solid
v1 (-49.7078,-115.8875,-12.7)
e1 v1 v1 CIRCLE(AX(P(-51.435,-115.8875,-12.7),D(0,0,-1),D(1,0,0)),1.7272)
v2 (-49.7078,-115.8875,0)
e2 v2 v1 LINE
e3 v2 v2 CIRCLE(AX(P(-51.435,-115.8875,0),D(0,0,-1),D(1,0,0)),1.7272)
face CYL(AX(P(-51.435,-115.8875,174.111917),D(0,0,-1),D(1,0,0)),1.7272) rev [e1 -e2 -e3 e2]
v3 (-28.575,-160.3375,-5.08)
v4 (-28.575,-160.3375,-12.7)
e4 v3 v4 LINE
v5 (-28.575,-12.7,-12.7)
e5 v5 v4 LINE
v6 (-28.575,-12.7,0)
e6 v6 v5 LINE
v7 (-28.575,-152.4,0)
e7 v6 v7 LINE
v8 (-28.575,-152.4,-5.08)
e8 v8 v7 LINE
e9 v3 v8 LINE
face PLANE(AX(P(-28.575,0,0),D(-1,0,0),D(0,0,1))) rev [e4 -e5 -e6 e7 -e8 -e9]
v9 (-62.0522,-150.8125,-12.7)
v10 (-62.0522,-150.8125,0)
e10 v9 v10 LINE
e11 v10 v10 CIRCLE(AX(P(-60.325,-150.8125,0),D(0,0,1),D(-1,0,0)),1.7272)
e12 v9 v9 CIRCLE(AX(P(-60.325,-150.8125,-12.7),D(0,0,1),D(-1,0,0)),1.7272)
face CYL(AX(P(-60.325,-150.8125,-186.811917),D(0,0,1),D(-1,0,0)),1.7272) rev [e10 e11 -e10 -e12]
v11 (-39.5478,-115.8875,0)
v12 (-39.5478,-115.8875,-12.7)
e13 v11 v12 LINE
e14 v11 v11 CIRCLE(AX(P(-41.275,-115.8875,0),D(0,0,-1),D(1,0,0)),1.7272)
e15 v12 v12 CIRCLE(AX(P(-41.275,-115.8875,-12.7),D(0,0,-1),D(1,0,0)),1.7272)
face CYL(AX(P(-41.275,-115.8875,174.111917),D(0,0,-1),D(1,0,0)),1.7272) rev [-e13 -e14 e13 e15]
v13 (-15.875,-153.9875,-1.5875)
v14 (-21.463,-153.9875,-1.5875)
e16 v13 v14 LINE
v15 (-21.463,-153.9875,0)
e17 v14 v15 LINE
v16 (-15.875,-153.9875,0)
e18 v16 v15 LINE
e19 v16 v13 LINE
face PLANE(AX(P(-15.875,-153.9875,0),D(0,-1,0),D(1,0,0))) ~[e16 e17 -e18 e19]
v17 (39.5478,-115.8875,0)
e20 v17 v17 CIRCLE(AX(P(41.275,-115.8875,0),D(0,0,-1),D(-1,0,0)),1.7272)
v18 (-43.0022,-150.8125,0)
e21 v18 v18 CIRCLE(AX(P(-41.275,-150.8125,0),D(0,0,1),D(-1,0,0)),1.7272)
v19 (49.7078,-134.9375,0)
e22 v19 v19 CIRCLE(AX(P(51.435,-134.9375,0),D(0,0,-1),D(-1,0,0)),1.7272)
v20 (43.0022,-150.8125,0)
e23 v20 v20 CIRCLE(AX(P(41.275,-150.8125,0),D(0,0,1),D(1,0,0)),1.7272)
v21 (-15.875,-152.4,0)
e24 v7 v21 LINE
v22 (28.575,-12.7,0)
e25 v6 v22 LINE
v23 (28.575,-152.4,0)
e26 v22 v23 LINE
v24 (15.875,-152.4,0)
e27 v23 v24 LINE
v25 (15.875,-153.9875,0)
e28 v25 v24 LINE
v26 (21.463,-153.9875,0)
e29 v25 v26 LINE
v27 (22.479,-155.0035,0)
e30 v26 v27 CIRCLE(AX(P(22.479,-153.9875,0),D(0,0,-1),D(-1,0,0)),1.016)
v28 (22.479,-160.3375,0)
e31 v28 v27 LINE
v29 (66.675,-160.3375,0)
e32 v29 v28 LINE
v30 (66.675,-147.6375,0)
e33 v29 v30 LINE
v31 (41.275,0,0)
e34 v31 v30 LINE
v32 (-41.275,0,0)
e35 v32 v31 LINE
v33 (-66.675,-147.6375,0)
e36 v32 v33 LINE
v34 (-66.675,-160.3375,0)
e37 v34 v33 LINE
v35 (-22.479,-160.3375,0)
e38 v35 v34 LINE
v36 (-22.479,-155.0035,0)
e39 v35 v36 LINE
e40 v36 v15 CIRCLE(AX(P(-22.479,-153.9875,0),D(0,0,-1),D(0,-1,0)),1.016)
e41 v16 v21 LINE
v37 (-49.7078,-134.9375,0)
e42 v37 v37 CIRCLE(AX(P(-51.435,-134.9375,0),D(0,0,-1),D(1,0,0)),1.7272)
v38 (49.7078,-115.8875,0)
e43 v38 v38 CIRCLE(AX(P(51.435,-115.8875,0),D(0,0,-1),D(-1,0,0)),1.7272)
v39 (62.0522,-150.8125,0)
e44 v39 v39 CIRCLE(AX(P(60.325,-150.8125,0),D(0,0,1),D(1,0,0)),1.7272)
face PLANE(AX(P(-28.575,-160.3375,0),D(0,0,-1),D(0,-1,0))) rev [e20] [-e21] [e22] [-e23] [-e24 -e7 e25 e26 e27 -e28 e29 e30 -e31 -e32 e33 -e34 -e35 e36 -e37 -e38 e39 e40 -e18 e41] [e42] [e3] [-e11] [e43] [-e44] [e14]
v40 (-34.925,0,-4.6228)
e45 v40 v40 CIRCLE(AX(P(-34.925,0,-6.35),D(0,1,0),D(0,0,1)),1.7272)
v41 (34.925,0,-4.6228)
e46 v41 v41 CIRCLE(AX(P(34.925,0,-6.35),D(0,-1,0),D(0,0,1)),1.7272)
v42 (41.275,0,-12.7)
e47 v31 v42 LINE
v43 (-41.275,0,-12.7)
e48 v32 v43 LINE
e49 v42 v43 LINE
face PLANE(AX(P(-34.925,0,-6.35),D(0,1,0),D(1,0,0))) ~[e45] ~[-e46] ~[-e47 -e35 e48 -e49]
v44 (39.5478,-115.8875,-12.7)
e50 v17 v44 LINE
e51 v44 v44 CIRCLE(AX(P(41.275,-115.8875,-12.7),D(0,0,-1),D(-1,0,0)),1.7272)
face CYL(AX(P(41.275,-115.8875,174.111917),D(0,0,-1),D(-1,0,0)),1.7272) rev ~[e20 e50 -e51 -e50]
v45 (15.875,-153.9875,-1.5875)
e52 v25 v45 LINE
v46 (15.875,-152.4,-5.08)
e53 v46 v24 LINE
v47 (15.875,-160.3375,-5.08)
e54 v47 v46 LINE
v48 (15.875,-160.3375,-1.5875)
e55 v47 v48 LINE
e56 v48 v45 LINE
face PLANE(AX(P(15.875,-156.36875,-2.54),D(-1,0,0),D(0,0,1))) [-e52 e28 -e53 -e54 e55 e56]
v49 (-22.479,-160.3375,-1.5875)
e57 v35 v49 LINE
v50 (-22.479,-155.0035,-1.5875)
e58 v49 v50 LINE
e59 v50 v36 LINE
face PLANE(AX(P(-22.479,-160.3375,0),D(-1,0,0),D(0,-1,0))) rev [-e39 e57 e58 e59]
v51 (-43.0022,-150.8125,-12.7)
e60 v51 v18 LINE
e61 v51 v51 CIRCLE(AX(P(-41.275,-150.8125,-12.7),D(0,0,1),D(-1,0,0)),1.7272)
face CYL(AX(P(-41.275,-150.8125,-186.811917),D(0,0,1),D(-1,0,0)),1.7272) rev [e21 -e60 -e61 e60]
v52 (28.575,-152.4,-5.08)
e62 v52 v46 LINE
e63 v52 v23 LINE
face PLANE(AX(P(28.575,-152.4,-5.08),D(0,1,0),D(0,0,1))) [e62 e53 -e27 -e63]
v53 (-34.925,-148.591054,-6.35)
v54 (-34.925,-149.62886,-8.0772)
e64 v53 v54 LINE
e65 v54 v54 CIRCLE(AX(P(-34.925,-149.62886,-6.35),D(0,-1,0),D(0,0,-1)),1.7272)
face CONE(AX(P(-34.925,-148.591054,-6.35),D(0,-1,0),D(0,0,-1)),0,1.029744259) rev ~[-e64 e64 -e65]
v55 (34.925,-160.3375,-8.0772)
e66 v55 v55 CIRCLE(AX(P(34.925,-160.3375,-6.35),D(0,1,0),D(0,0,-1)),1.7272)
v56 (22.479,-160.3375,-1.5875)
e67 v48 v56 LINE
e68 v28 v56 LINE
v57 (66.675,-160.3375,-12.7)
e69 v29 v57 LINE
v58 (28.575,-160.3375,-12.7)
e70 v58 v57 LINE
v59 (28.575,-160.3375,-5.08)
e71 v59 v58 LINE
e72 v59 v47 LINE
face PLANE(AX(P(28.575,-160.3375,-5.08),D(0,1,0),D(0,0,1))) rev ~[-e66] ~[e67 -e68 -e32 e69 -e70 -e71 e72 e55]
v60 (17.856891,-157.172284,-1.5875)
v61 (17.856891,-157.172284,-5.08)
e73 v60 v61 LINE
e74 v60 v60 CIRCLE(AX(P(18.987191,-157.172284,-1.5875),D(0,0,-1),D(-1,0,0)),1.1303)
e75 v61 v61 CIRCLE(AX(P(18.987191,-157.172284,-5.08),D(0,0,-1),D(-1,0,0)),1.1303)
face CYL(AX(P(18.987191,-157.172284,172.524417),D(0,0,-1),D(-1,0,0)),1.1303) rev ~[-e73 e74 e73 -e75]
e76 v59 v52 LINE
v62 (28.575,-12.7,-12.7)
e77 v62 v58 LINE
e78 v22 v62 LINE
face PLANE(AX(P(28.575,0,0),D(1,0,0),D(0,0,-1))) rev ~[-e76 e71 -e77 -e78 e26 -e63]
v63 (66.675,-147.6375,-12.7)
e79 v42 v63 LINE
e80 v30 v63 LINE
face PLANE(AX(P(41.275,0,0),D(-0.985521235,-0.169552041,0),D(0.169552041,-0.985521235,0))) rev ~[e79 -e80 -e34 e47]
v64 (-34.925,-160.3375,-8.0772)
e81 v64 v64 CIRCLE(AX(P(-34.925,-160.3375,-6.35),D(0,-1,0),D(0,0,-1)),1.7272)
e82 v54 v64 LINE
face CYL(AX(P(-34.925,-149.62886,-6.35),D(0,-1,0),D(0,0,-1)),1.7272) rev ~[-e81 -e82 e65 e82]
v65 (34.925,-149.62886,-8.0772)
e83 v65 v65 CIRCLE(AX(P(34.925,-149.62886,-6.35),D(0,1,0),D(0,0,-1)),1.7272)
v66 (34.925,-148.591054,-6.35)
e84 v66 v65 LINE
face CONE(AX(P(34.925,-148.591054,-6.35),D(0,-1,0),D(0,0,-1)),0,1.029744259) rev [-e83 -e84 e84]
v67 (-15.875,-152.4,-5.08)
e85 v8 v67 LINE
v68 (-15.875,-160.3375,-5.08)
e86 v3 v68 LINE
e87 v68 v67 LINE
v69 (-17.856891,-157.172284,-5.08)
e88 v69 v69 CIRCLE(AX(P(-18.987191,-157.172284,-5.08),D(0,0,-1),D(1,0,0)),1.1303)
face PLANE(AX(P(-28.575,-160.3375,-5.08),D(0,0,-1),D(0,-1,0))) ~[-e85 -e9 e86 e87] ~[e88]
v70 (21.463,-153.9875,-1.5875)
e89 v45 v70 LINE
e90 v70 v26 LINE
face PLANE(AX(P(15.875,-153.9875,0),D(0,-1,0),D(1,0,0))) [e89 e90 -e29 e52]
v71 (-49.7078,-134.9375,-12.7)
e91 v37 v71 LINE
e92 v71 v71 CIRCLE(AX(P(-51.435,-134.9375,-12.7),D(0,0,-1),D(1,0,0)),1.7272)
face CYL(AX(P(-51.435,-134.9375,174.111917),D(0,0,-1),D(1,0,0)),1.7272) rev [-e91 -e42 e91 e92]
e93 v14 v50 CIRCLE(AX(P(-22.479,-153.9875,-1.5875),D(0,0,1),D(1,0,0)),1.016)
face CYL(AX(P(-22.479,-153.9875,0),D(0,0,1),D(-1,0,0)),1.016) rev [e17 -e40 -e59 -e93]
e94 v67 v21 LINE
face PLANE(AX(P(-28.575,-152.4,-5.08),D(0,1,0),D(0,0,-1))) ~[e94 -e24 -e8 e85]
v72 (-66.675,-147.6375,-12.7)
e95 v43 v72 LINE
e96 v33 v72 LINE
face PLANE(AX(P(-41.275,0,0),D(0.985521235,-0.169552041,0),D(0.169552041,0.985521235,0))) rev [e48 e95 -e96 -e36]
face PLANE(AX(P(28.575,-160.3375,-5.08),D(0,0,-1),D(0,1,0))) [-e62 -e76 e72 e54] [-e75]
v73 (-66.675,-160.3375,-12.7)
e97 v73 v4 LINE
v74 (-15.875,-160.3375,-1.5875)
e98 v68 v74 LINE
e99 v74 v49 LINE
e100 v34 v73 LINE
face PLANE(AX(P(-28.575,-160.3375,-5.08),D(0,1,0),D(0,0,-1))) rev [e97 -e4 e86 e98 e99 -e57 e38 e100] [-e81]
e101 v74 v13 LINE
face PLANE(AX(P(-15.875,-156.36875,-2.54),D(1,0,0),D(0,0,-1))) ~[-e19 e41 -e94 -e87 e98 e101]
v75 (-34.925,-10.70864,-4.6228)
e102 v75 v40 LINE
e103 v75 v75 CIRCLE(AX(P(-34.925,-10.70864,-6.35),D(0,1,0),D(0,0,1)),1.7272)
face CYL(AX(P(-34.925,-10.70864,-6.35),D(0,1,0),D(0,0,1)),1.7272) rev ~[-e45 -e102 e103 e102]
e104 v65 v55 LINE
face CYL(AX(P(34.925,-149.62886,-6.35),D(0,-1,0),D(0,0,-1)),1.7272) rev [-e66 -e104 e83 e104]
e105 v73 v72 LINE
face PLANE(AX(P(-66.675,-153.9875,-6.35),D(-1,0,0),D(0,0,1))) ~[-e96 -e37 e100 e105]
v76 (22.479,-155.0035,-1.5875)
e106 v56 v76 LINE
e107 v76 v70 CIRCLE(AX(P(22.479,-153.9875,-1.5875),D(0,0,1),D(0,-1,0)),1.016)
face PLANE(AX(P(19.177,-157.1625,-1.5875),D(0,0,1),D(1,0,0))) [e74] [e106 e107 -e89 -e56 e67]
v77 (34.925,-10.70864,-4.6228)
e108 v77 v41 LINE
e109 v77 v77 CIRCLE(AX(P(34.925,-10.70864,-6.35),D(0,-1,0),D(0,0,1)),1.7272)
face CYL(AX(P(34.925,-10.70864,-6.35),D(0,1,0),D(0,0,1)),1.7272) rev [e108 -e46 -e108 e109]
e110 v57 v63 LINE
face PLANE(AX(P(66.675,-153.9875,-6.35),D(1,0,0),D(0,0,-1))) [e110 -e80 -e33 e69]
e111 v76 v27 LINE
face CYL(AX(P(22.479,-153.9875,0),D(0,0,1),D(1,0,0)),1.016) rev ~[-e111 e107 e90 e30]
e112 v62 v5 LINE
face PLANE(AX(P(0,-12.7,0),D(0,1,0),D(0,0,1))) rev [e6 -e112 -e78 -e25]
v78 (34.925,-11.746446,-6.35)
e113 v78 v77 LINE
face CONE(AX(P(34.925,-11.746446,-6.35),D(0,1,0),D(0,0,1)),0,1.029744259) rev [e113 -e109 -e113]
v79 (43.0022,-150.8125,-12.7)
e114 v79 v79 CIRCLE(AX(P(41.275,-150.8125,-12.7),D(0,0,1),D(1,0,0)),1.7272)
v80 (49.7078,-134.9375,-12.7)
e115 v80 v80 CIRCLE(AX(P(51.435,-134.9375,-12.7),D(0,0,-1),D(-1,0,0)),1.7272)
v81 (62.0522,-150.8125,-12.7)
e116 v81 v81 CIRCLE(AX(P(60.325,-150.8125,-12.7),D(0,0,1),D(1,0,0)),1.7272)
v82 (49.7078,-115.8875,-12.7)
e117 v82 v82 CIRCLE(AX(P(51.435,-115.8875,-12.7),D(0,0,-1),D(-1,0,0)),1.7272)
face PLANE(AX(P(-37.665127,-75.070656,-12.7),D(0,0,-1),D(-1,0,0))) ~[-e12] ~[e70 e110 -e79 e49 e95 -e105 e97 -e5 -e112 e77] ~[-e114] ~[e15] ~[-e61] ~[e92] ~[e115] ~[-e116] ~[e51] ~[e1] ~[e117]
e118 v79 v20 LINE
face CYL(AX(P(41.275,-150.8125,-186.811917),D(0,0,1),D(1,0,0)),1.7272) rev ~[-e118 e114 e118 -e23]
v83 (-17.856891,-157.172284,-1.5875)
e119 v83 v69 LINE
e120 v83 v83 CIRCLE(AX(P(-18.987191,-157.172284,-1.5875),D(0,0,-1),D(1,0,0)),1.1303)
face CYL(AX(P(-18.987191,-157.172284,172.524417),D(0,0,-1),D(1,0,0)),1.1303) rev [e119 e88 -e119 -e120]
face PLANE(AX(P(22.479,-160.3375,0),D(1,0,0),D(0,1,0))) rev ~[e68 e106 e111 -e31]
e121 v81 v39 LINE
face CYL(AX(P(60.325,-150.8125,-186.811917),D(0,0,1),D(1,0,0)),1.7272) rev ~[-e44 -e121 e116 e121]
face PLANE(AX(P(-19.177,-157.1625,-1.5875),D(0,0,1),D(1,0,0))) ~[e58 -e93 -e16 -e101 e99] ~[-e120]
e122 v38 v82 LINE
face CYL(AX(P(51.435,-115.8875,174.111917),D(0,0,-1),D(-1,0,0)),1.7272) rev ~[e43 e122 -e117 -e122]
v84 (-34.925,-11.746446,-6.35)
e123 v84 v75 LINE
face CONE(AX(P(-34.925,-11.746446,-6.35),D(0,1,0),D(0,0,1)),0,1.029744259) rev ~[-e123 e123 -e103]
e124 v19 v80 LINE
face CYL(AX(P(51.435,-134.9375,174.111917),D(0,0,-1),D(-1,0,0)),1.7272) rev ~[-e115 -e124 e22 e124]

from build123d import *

# Parameters (mm, degrees)
SKETCH1_W              = 12.7
SKETCH1_H              = 12.7
BOSS_EXTRUDE1_DEPTH    = 28.575
SKETCH10_W             = 12.7
SKETCH10_H             = 12.7
BOSS_EXTRUDE6_DEPTH    = 160.3375
SKETCH54_W             = 12.7
SKETCH54_H             = 12.7
BOSS_EXTRUDE10_DEPTH   = 25.4
BOSS_EXTRUDE11_DEPTH   = 12.7
F_8_32_TAPPED_HOLE11_D = 3.4544
F_8_32_TAPPED_HOLE12_D = 3.4544
SKETCH11_W             = 5.08
SKETCH11_H             = 7.9375
BOSS_EXTRUDE12_DEPTH   = 12.7
SKETCH68_W             = 6.604
SKETCH68_H             = 6.35
CUT_EXTRUDE4_DEPTH     = 1.5875
F_4_40_TAPPED_HOLE3_D  = 2.2606
SKETCH71_R             = 1.016
CUT_EXTRUDE5_DEPTH     = 1.5875
F_8_32_TAPPED_HOLE13_D = 3.4544


with BuildPart() as part:
    # Sketch1 → Boss-Extrude1 (new body)
    with BuildSketch(Plane(origin=(0, 0, 0), x_dir=(0, 0, -1), z_dir=(1, 0, 0))):
        with Locations((6.35, -6.35)):
            Rectangle(SKETCH1_W, SKETCH1_H)
    boss_extrude1 = extrude(amount=BOSS_EXTRUDE1_DEPTH)

    # Sketch10 → Boss-Extrude6 (add)
    with BuildSketch(Plane(origin=(0, 0, 0), x_dir=(1, 0, 0), z_dir=(0, 1, 0))):
        with Locations((34.925, 6.35)):
            Rectangle(SKETCH10_W, SKETCH10_H)
    boss_extrude6 = extrude(amount=-BOSS_EXTRUDE6_DEPTH)

    # Sketch54 → Boss-Extrude10 (add)
    with BuildSketch(Plane(origin=(41.275, 0, 0), x_dir=(0, 0, -1), z_dir=(1, 0, 0))):
        with Locations((6.35, -153.9875)):
            Rectangle(SKETCH54_W, SKETCH54_H)
    boss_extrude10 = extrude(amount=BOSS_EXTRUDE10_DEPTH)

    # Sketch55 → Boss-Extrude11 (add)
    with BuildSketch(Plane.XY):
        Polygon((41.275, 0), (66.675, -147.6375), (66.675, -160.3375), (28.575, -160.3375), (28.575, -12.7), (0, -12.7), (0, 0), align=None)
    boss_extrude11 = extrude(amount=-BOSS_EXTRUDE11_DEPTH)

    # Sketch56 → #8-32 Tapped Hole8 (revolve, cut)
    with BuildSketch(Plane(origin=(34.925, 0, -6.35), x_dir=(0, 0, 1), z_dir=(1, 0, 0))):
        Polygon((0, 0), (0, 11.746446461), (1.7272, 10.70864), (1.7272, 0), align=None)
    f_8_32_tapped_hole8 = revolve(axis=Axis((34.925, 6.35, -6.35), (0, -1, 0)), mode=Mode.SUBTRACT)

    # #8-32 Tapped Hole11 (through all)
    with Locations(Plane.XY):
        with Locations((41.275, -115.8875), (51.435, -134.9375)):
            f_8_32_tapped_hole11 = Hole(F_8_32_TAPPED_HOLE11_D / 2)

    # #8-32 Tapped Hole12 (through all)
    with Locations(Plane(origin=(0, 0, -12.7), x_dir=(-1, 0, 0), z_dir=(0, 0, -1))):
        with Locations((-41.275, -150.8125), (-60.325, -150.8125)):
            f_8_32_tapped_hole12 = Hole(F_8_32_TAPPED_HOLE12_D / 2)

    # Sketch11 → Boss-Extrude12 (add)
    with BuildSketch(Plane.ZY.offset(-28.575)):
        with Locations((-2.54, -156.36875)):
            Rectangle(SKETCH11_W, SKETCH11_H)
    boss_extrude12 = extrude(amount=BOSS_EXTRUDE12_DEPTH)

    # Sketch68 → Cut-Extrude4 (cut)
    with BuildSketch(Plane.XY):
        with Locations((19.177, -157.1625)):
            Rectangle(SKETCH68_W, SKETCH68_H)
    cut_extrude4 = extrude(amount=-CUT_EXTRUDE4_DEPTH, mode=Mode.SUBTRACT)

    # #4-40 Tapped Hole3 (through all)
    with Locations(Plane.XY.offset(-1.5875)):
        with Locations((18.987190852, -157.172283572)):
            f_4_40_tapped_hole3 = Hole(F_4_40_TAPPED_HOLE3_D / 2)

    # Sketch71 → Cut-Extrude5 (cut)
    with BuildSketch(Plane.XY):
        with Locations((22.479, -153.9875)):
            Circle(SKETCH71_R)
    cut_extrude5 = extrude(amount=-CUT_EXTRUDE5_DEPTH, mode=Mode.SUBTRACT)

    # Sketch76 → #8-32 Tapped Hole14 (revolve, cut)
    with BuildSketch(Plane(origin=(34.925, -160.3375, -6.35), x_dir=(0, 0, -1), z_dir=(1, 0, 0))):
        Polygon((0, 0), (0, 11.746446461), (1.7272, 10.70864), (1.7272, 0), align=None)
    f_8_32_tapped_hole14 = revolve(axis=Axis((34.925, -166.6875, -6.35), (0, 1, 0)), mode=Mode.SUBTRACT)

    # #8-32 Tapped Hole13 (through all)
    with Locations(Plane.XY):
        with Locations((51.435, -115.8875)):
            f_8_32_tapped_hole13 = Hole(F_8_32_TAPPED_HOLE13_D / 2)

    # Mirror6: Boss-Extrude1, Boss-Extrude6, Boss-Extrude10, Boss-Extrude11, #8-32 Tapped Hole8, #8-32 Tapped Hole11, #8-32 Tapped Hole12, Boss-Extrude12, Cut-Extrude4, #4-40 Tapped Hole3, Cut-Extrude5, #8-32 Tapped Hole14, #8-32 Tapped Hole13 across Right Plane
    add(boss_extrude1.mirror(Plane(origin=(0, 0, 0), x_dir=(0, 0, -1), z_dir=(1, 0, 0))))
    add(boss_extrude6.mirror(Plane(origin=(0, 0, 0), x_dir=(0, 0, -1), z_dir=(1, 0, 0))))
    add(boss_extrude10.mirror(Plane(origin=(0, 0, 0), x_dir=(0, 0, -1), z_dir=(1, 0, 0))))
    add(boss_extrude11.mirror(Plane(origin=(0, 0, 0), x_dir=(0, 0, -1), z_dir=(1, 0, 0))))
    add(f_8_32_tapped_hole8.mirror(Plane(origin=(0, 0, 0), x_dir=(0, 0, -1), z_dir=(1, 0, 0))), mode=Mode.SUBTRACT)
    add(f_8_32_tapped_hole11.mirror(Plane(origin=(0, 0, 0), x_dir=(0, 0, -1), z_dir=(1, 0, 0))), mode=Mode.SUBTRACT)
    add(f_8_32_tapped_hole12.mirror(Plane(origin=(0, 0, 0), x_dir=(0, 0, -1), z_dir=(1, 0, 0))), mode=Mode.SUBTRACT)
    add(boss_extrude12.mirror(Plane(origin=(0, 0, 0), x_dir=(0, 0, -1), z_dir=(1, 0, 0))))
    add(cut_extrude4.mirror(Plane(origin=(0, 0, 0), x_dir=(0, 0, -1), z_dir=(1, 0, 0))), mode=Mode.SUBTRACT)
    add(f_4_40_tapped_hole3.mirror(Plane(origin=(0, 0, 0), x_dir=(0, 0, -1), z_dir=(1, 0, 0))), mode=Mode.SUBTRACT)
    add(cut_extrude5.mirror(Plane(origin=(0, 0, 0), x_dir=(0, 0, -1), z_dir=(1, 0, 0))), mode=Mode.SUBTRACT)
    add(f_8_32_tapped_hole14.mirror(Plane(origin=(0, 0, 0), x_dir=(0, 0, -1), z_dir=(1, 0, 0))), mode=Mode.SUBTRACT)
    add(f_8_32_tapped_hole13.mirror(Plane(origin=(0, 0, 0), x_dir=(0, 0, -1), z_dir=(1, 0, 0))), mode=Mode.SUBTRACT)


solid = part.part
